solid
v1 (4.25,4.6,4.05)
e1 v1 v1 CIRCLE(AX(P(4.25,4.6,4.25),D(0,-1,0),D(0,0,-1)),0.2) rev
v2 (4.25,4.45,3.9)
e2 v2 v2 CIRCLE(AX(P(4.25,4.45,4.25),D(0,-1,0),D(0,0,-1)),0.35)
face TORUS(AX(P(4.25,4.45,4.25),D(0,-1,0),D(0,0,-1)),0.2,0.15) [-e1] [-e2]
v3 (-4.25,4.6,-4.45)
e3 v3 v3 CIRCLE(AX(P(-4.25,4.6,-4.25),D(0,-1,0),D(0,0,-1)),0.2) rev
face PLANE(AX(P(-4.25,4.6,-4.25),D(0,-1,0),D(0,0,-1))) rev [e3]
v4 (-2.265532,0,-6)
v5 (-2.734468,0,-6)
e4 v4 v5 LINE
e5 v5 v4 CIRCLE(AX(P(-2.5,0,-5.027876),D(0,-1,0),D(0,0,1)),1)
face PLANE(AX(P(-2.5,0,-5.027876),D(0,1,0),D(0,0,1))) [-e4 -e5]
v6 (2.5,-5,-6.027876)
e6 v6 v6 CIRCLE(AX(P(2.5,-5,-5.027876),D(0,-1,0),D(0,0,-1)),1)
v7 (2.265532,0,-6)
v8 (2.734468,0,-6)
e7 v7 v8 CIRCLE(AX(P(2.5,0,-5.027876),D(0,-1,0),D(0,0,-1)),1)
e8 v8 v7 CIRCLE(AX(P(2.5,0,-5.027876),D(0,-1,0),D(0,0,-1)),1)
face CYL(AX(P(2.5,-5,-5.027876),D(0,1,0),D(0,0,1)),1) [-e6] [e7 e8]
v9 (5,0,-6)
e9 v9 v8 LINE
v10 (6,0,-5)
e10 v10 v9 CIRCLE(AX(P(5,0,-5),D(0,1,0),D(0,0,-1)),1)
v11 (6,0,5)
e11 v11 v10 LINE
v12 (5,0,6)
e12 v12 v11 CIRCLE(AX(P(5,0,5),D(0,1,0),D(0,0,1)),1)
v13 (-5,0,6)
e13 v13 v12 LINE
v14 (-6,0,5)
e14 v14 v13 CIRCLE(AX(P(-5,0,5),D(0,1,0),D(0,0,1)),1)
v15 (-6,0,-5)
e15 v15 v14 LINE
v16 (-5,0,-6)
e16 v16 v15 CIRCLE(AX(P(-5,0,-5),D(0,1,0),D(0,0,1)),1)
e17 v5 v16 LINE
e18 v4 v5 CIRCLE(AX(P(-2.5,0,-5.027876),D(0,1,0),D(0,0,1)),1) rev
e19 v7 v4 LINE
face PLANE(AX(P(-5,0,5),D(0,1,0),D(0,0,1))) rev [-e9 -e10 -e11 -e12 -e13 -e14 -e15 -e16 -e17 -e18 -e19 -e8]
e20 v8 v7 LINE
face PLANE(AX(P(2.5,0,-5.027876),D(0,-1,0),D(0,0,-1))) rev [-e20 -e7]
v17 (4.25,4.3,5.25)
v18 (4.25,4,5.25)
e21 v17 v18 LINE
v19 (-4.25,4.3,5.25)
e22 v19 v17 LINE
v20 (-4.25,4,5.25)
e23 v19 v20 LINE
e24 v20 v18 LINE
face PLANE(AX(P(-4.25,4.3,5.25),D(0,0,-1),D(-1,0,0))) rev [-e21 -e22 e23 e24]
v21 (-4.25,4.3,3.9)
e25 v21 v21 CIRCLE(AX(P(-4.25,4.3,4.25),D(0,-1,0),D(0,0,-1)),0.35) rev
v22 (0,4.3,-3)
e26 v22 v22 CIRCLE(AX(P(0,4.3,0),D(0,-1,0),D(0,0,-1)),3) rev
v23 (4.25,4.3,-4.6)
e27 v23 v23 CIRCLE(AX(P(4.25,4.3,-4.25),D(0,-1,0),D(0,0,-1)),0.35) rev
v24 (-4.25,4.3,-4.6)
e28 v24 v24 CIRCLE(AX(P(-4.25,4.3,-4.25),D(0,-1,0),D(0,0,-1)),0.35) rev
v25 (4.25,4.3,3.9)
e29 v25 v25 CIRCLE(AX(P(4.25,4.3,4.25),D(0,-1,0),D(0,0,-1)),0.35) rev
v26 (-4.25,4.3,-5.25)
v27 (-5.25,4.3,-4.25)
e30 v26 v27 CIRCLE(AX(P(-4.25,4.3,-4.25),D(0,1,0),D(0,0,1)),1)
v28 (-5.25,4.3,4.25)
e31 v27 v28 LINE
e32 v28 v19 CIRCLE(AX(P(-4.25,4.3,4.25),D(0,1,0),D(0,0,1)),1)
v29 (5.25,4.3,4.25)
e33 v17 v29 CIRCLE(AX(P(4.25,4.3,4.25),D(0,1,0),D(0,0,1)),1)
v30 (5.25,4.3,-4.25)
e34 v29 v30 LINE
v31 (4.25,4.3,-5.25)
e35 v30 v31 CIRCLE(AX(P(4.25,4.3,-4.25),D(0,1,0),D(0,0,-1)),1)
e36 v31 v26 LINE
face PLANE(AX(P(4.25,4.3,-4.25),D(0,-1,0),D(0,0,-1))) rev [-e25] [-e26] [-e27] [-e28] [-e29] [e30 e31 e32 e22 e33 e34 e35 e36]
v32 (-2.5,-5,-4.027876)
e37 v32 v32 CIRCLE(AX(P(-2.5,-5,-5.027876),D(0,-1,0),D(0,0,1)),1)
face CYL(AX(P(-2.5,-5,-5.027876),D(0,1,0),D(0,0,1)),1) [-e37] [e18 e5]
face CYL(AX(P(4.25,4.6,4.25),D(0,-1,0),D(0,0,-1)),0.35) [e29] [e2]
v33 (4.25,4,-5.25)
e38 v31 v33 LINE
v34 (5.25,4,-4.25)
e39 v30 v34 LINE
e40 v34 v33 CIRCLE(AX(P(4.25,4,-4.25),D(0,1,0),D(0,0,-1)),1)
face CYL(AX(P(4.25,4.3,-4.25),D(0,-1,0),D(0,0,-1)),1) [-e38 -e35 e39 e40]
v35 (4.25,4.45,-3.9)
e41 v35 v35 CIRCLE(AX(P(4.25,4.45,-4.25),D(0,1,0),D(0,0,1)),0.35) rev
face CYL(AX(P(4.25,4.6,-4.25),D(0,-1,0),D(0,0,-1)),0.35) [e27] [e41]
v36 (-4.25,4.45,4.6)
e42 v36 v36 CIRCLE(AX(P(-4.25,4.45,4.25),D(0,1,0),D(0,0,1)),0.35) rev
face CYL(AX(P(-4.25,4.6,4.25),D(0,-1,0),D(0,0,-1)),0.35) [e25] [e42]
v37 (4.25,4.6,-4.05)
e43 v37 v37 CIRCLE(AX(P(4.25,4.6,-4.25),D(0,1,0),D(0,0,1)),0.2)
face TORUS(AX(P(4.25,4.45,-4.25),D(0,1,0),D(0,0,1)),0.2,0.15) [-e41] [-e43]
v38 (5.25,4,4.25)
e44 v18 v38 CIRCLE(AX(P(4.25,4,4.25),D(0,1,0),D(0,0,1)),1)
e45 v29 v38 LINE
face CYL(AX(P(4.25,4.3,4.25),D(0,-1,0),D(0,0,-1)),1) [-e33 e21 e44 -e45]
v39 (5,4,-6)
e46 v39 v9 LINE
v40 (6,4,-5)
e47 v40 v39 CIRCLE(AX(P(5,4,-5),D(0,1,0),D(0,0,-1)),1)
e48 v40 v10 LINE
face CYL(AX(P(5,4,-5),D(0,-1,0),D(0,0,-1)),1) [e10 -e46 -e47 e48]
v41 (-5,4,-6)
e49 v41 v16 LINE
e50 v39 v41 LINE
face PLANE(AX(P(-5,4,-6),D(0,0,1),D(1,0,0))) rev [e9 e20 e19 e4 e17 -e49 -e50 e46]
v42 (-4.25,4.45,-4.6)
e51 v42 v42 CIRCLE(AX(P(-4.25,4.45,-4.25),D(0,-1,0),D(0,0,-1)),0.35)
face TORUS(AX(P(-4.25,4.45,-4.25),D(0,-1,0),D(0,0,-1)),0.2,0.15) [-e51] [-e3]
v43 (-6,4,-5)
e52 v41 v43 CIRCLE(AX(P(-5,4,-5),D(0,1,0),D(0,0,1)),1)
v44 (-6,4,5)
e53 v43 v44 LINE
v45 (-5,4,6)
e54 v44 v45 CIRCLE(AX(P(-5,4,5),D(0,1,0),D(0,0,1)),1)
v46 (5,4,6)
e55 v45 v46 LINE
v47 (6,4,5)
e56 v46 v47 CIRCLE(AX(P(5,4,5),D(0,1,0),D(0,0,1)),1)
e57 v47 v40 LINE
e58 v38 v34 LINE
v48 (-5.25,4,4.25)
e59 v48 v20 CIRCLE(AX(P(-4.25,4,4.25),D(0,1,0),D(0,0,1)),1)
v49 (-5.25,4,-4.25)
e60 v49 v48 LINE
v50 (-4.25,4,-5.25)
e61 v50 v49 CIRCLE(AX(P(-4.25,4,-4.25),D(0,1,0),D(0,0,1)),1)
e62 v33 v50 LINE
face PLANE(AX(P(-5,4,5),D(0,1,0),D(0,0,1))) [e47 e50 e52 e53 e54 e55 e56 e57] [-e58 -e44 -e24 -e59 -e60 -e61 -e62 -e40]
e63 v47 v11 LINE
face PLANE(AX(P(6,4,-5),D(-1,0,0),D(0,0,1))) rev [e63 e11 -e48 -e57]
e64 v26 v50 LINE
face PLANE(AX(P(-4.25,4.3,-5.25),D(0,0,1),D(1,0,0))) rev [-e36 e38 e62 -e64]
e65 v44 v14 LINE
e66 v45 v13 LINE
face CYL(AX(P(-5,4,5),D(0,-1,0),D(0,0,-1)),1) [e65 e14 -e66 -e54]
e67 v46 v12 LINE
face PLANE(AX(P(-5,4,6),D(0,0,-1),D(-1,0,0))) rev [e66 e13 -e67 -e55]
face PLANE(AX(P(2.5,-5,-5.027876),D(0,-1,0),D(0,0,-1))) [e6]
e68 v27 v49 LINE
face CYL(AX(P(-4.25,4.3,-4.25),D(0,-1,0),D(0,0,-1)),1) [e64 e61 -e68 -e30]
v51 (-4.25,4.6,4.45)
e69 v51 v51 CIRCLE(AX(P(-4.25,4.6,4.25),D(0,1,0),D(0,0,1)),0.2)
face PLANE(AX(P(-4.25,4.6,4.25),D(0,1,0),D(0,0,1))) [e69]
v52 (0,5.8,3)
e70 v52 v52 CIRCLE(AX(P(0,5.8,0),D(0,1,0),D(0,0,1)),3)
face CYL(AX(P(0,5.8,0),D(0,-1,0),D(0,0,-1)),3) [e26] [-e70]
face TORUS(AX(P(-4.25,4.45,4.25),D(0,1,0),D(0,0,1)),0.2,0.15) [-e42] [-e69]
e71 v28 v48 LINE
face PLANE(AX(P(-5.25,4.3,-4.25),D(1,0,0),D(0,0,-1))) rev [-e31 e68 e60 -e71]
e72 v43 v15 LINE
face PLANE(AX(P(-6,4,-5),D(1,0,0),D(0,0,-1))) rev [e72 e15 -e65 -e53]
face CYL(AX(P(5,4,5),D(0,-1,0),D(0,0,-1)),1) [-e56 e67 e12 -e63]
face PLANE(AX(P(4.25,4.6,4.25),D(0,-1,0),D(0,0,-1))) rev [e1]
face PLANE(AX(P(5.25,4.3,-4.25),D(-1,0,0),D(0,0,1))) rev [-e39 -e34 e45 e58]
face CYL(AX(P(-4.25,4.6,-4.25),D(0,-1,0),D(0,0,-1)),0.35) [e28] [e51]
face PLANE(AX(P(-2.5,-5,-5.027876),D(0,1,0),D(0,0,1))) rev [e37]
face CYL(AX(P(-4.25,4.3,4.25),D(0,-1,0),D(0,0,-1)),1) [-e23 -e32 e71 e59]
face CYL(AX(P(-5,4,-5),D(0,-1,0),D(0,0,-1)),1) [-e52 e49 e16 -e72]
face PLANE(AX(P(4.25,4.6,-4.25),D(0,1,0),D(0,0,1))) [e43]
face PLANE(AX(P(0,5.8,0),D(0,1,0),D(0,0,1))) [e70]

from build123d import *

# Parameters (mm, degrees)
BOSS_EXTRUDE1_DEPTH = 4
BOSS_EXTRUDE2_DEPTH = 0.3
SKETCH3_R           = 0.35
BOSS_EXTRUDE3_DEPTH = 0.3
FILLET2_R           = 0.15
FILLET3_R           = 0.15
SKETCH4_R           = 3
BOSS_EXTRUDE4_DEPTH = 1.5
SKETCH5_R           = 1
BOSS_EXTRUDE5_DEPTH = 5


with BuildPart() as part:
    # Sketch1 → Boss-Extrude1 (new body)
    with BuildSketch(Plane(origin=(0, 0, 0), x_dir=(1, 0, 0), z_dir=(0, 1, 0))):
        with BuildLine():
            Line((-5, 6), (5, 6))
            ThreePointArc((5, 6), (5.707106781, 5.707106781), (6, 5))
            Line((6, 5), (6, -5))
            ThreePointArc((6, -5), (5.707106781, -5.707106781), (5, -6))
            Line((5, -6), (-5, -6))
            ThreePointArc((-5, -6), (-5.707106781, -5.707106781), (-6, -5))
            Line((-6, -5), (-6, 5))
            ThreePointArc((-6, 5), (-5.707106781, 5.707106781), (-5, 6))
        make_face()
    extrude(amount=BOSS_EXTRUDE1_DEPTH)

    # Sketch2 → Boss-Extrude2 (add)
    with BuildSketch(Plane(origin=(0, 4, 0), x_dir=(1, 0, 0), z_dir=(0, 1, 0))):
        with BuildLine():
            Line((-4.25, 5.25), (4.25, 5.25))
            ThreePointArc((4.25, 5.25), (4.957106781, 4.957106781), (5.25, 4.25))
            Line((5.25, 4.25), (5.25, -4.25))
            ThreePointArc((5.25, -4.25), (4.957106781, -4.957106781), (4.25, -5.25))
            Line((4.25, -5.25), (-4.25, -5.25))
            ThreePointArc((-4.25, -5.25), (-4.957106781, -4.957106781), (-5.25, -4.25))
            Line((-5.25, -4.25), (-5.25, 4.25))
            ThreePointArc((-5.25, 4.25), (-4.957106781, 4.957106781), (-4.25, 5.25))
        make_face()
    extrude(amount=BOSS_EXTRUDE2_DEPTH)

    # Sketch3 → Boss-Extrude3 (add)
    with BuildSketch(Plane(origin=(0, 4.3, 0), x_dir=(1, 0, 0), z_dir=(0, 1, 0))):
        with Locations(Location((4.25, 4.25, 0), (0, 0, 90))):
            Circle(SKETCH3_R)
        with Locations(Location((4.25, -4.25, 0), (0, 0, 90))):
            Circle(SKETCH3_R)
        with Locations(Location((-4.25, -4.25, 0), (0, 0, 90))):
            Circle(SKETCH3_R)
        with Locations(Location((-4.25, 4.25, 0), (0, 0, 90))):
            Circle(SKETCH3_R)
    extrude(amount=BOSS_EXTRUDE3_DEPTH)

    # Fillet2
    fillet2_edges = [part.edges().sort_by_distance(p)[0] for p in [
        (-4.25, 4.6, -3.9),
    ]]
    fillet(fillet2_edges, radius=FILLET2_R)

    # Fillet3
    fillet3_edges = [part.edges().sort_by_distance(p)[0] for p in [
        (4.25, 4.6, -3.9),
        (4.25, 4.6, 4.6),
        (-4.25, 4.6, 4.6),
    ]]
    fillet(fillet3_edges, radius=FILLET3_R)

    # Sketch4 → Boss-Extrude4 (add)
    with BuildSketch(Plane(origin=(0, 4.3, 0), x_dir=(1, 0, 0), z_dir=(0, 1, 0))):
        with Locations(Location((0, 0, 0), (0, 0, 90))):
            Circle(SKETCH4_R)
    extrude(amount=BOSS_EXTRUDE4_DEPTH)

    # Sketch5 → Boss-Extrude5 (add)
    with BuildSketch(Plane.XZ):
        with Locations(Location((2.5, -5.027876242, 0), (0, 0, 256.439715219))):
            Circle(SKETCH5_R)
        with Locations(Location((-2.5, -5.027876242, 0), (0, 0, 90))):
            Circle(SKETCH5_R)
    extrude(amount=BOSS_EXTRUDE5_DEPTH)


solid = part.part
